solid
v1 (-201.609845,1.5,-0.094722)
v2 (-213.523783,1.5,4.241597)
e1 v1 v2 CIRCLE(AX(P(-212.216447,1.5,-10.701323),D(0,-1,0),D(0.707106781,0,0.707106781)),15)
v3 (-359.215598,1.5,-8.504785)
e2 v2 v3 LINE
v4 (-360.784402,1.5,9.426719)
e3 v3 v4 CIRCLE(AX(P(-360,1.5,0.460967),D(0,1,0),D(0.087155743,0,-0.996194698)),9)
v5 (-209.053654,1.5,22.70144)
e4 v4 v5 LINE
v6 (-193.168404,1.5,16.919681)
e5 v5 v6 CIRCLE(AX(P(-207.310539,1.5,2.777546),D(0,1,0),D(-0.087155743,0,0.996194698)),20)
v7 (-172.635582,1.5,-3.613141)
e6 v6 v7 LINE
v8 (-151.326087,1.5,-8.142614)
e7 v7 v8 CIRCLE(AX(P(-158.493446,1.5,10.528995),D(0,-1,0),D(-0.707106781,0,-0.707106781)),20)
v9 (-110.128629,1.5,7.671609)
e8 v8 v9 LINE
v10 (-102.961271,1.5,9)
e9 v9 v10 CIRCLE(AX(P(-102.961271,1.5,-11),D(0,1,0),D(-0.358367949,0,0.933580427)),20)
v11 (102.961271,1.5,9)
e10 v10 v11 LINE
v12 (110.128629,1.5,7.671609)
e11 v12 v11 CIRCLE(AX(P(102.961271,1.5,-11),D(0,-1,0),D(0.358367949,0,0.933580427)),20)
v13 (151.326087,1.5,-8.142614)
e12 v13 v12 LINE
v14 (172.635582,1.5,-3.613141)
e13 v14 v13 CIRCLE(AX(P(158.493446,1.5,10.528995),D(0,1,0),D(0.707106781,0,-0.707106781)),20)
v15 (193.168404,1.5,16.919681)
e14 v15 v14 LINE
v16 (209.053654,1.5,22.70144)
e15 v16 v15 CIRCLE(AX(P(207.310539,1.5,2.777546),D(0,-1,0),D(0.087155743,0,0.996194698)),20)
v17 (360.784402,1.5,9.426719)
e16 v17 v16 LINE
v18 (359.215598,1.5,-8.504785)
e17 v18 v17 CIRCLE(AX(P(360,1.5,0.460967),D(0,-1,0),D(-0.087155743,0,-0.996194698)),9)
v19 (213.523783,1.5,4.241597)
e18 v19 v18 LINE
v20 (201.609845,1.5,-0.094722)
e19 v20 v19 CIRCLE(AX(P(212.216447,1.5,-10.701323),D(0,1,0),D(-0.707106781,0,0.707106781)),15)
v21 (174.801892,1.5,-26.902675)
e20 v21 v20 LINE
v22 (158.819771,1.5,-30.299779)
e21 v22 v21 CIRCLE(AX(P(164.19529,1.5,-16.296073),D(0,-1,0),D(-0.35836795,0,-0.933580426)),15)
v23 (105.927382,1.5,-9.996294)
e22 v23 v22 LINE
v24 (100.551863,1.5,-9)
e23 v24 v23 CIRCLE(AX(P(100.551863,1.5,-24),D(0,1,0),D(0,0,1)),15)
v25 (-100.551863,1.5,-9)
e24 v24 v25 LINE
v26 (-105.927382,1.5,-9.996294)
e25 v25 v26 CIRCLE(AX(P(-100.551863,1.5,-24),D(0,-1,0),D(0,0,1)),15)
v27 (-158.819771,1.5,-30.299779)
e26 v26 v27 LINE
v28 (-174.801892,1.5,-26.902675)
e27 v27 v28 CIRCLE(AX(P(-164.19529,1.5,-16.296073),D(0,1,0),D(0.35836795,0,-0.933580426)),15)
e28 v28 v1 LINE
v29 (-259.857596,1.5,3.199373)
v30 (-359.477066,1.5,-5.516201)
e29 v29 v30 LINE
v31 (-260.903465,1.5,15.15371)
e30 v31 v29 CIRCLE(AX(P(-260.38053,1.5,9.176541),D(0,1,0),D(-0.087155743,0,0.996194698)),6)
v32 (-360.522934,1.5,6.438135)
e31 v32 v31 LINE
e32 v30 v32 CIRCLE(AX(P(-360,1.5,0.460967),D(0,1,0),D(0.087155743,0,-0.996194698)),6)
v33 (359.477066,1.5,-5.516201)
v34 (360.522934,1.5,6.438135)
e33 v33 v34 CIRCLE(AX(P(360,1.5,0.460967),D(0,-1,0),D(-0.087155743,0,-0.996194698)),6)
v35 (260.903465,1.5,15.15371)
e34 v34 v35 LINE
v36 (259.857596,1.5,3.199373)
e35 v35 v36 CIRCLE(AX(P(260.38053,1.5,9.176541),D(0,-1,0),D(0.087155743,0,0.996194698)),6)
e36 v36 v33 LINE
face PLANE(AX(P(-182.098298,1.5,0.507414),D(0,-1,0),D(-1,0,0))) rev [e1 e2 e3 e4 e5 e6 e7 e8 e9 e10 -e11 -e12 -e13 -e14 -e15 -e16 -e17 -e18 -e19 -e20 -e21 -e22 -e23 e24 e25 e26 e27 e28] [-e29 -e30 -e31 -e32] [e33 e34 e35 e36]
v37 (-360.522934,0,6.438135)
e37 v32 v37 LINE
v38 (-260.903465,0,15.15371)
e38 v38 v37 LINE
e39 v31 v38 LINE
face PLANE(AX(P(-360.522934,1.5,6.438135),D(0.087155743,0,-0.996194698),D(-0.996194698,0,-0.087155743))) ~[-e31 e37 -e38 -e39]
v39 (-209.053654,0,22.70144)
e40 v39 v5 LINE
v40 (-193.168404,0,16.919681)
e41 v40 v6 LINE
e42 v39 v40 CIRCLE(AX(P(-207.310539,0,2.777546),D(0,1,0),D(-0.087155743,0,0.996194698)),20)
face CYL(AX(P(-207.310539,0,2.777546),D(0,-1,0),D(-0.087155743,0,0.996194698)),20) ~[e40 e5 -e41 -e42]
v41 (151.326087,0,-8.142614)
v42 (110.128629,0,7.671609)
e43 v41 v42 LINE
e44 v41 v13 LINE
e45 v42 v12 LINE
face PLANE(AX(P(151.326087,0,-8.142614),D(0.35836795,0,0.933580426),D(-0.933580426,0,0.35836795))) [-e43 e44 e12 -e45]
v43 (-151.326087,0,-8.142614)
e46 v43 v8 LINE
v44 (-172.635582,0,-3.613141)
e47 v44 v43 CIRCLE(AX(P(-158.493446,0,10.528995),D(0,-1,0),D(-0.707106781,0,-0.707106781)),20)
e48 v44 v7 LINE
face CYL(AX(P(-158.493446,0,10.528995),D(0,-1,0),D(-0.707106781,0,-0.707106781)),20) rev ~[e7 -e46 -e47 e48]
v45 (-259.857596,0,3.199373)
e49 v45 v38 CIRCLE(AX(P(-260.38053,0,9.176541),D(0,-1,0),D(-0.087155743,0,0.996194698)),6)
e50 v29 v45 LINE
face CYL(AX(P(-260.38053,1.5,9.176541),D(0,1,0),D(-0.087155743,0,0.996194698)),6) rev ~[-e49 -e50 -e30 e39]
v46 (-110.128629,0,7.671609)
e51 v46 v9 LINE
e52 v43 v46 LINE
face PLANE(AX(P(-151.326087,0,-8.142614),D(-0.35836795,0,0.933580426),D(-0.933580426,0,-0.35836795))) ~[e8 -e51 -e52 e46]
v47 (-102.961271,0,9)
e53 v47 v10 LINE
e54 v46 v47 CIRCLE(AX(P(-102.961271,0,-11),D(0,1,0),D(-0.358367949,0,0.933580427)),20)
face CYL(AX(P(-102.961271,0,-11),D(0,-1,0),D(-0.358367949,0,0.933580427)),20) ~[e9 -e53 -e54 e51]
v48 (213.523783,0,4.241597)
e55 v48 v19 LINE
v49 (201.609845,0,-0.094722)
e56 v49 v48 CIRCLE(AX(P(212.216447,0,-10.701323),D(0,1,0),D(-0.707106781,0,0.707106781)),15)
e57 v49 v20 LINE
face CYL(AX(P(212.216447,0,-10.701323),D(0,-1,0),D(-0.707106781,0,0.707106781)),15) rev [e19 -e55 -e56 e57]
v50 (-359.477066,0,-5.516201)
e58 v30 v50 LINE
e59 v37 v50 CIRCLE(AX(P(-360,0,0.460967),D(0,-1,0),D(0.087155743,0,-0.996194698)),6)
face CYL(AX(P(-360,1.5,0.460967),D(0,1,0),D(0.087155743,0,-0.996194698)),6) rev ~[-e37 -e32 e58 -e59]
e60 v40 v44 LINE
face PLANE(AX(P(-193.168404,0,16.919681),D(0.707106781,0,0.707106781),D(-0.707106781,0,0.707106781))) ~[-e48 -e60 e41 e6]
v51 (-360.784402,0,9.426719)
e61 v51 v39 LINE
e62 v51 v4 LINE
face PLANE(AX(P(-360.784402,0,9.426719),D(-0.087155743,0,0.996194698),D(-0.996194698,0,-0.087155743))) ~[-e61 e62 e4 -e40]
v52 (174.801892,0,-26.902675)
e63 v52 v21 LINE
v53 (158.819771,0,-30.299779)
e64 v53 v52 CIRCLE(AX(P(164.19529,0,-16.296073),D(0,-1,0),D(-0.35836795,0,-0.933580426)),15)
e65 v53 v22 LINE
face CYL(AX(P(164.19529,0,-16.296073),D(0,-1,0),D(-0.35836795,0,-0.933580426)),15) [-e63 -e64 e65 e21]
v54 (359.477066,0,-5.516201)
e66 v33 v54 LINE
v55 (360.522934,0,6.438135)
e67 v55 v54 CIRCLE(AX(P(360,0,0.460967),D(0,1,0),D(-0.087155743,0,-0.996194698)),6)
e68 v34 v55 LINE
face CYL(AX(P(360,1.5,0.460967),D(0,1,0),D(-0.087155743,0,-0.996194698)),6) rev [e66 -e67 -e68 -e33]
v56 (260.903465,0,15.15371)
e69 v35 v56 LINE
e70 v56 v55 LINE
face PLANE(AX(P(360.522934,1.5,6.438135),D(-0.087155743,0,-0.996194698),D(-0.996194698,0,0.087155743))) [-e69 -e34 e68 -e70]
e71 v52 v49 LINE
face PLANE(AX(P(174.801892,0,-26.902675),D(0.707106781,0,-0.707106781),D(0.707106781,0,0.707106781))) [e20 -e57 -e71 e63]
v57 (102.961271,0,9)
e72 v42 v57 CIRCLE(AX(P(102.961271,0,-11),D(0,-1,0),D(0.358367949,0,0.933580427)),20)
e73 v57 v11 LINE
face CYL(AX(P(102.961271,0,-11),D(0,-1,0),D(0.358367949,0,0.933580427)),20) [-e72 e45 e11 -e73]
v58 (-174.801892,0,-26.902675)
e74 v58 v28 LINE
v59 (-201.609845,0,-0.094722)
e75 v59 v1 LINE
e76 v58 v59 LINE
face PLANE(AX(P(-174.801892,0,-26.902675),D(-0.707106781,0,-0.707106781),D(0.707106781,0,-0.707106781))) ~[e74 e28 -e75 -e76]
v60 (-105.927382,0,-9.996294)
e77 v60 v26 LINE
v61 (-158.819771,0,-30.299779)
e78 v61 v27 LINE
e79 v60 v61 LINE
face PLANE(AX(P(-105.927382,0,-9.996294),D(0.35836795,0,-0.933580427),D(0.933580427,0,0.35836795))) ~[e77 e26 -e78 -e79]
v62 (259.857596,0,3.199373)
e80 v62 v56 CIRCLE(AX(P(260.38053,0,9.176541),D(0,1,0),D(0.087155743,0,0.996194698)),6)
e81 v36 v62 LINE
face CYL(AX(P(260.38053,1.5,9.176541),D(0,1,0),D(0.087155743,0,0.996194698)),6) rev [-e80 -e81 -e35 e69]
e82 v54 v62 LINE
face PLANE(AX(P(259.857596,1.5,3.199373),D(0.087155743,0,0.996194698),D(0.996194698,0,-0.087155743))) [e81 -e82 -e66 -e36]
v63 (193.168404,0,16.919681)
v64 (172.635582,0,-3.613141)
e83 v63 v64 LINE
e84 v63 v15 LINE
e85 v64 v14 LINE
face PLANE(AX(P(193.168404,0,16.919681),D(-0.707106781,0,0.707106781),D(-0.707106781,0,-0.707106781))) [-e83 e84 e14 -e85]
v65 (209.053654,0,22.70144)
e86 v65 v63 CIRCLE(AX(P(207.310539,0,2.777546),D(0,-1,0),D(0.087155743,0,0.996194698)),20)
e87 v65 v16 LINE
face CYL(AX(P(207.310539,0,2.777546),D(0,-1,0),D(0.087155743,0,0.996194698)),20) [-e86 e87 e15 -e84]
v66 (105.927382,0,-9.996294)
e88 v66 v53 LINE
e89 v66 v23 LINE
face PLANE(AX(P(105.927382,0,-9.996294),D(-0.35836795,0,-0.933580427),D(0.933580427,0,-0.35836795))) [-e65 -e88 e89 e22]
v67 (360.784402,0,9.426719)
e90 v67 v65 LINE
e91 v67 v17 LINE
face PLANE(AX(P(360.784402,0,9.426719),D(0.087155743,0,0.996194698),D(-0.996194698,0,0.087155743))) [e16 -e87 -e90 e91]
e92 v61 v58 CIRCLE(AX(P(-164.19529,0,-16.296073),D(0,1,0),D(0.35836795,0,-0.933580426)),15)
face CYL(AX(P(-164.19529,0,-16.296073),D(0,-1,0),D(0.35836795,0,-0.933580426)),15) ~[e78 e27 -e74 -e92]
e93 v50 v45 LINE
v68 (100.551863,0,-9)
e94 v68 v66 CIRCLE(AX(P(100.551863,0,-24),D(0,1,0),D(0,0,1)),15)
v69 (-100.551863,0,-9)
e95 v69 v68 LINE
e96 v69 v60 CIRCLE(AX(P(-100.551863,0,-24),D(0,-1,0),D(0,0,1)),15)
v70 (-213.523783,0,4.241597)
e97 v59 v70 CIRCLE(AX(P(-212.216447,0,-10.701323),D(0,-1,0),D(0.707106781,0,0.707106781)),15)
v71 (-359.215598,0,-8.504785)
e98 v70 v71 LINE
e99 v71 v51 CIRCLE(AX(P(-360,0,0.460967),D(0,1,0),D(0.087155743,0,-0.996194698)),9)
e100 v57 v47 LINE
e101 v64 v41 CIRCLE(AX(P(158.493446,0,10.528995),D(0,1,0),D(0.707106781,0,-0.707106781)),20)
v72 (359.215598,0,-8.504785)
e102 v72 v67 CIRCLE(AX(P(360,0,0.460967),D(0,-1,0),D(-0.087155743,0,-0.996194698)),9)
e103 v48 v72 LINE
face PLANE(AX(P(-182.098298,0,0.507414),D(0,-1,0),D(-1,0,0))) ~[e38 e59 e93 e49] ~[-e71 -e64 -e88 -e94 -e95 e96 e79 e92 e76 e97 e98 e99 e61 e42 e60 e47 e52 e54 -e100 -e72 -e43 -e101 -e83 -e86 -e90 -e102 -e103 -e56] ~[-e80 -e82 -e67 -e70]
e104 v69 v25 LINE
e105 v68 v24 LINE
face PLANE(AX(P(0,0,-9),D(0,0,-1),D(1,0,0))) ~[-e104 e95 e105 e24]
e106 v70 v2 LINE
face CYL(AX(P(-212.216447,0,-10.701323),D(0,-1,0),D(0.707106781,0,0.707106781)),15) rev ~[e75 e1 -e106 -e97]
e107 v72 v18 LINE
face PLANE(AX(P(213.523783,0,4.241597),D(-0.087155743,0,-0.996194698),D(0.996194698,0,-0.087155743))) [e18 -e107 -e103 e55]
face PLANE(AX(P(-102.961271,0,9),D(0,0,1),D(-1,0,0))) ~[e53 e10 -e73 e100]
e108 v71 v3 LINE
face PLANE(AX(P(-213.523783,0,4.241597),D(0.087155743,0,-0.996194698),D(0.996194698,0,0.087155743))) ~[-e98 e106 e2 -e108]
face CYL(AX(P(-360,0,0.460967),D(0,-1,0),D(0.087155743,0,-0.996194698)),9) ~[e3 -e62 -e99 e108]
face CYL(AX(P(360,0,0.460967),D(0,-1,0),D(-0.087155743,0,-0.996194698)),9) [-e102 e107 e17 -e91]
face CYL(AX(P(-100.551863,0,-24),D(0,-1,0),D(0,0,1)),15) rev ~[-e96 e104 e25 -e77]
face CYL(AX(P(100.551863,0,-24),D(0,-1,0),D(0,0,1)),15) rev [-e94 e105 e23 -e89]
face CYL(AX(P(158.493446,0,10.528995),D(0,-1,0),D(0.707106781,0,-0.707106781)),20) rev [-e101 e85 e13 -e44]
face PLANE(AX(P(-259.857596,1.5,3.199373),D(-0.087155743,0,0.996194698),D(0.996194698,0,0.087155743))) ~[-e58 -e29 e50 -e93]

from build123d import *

# Parameters (mm, degrees)
BOSS_EXTRUDE1_DEPTH = 1.5
CUT_EXTRUDE1_DEPTH  = 371.327819887


with BuildPart() as part:
    # Sketch1 → Boss-Extrude1 (new body)
    with BuildSketch(Plane(origin=(0, 0, 0), x_dir=(1, 0, 0), z_dir=(0, 1, 0))):
        with BuildLine():
            Line((105.927382165, 9.996293603), (158.819770869, 30.299779353))
            ThreePointArc((158.819770869, 30.299779353), (167.313965475, 30.968286967), (174.80189183, 26.902674674))
            Line((174.80189183, 26.902674674), (201.609844783, 0.094721721))
            ThreePointArc((201.609844783, 0.094721721), (207.086144351, -3.394065873), (213.523782642, -4.241597033))
            Line((213.523782642, -4.241597033), (359.215598315, 8.504785207))
            ThreePointArc((359.215598315, 8.504785207), (368.965752283, 0.323434609), (360.784401685, -9.426719358))
            Line((360.784401685, -9.426719358), (209.053654194, -22.701439672))
            ThreePointArc((209.053654194, -22.701439672), (200.470136473, -21.571398126), (193.168403715, -16.919681334))
            Line((193.168403715, -16.919681334), (172.635581566, 3.613140816))
            ThreePointArc((172.635581566, 3.613140816), (162.651679758, 9.033957206), (151.326086951, 8.142613722))
            Line((151.326086951, 8.142613722), (110.128629497, -7.67160853))
            ThreePointArc((110.128629497, -7.67160853), (106.605981016, -8.665098151), (102.961270506, -9))
            Line((102.961270506, -9), (0, -9))
            Line((0, -9), (0, 9))
            Line((0, 9), (100.551862922, 9))
            ThreePointArc((100.551862922, 9), (103.285395804, 9.251176387), (105.927382165, 9.996293603))
        make_face()
    extrude(amount=BOSS_EXTRUDE1_DEPTH)

    # Sketch2 → Cut-Extrude1 (cut, through all)
    with BuildSketch(Plane(origin=(0, 1.5, 0), x_dir=(1, 0, 0), z_dir=(0, 1, 0))):
        with BuildLine():
            Line((259.857595734, -3.199373162), (359.477065544, 5.516201113))
            ThreePointArc((359.477065544, 5.516201113), (365.977168189, 0.061967381), (360.522934456, -6.438135264))
            Line((360.522934456, -6.438135264), (260.903464647, -15.153709539))
            ThreePointArc((260.903464647, -15.153709539), (254.403362002, -9.699475807), (259.857595734, -3.199373162))
        make_face()
    extrude(amount=-CUT_EXTRUDE1_DEPTH, mode=Mode.SUBTRACT)

    # Mirror2: part across plane


with BuildPart() as part_1:
    add(part.part)
    add(part.part.mirror(Plane(origin=(0, 0, 0), x_dir=(0, 0, 1), z_dir=(1, 0, 0))))


solid = part_1.part
